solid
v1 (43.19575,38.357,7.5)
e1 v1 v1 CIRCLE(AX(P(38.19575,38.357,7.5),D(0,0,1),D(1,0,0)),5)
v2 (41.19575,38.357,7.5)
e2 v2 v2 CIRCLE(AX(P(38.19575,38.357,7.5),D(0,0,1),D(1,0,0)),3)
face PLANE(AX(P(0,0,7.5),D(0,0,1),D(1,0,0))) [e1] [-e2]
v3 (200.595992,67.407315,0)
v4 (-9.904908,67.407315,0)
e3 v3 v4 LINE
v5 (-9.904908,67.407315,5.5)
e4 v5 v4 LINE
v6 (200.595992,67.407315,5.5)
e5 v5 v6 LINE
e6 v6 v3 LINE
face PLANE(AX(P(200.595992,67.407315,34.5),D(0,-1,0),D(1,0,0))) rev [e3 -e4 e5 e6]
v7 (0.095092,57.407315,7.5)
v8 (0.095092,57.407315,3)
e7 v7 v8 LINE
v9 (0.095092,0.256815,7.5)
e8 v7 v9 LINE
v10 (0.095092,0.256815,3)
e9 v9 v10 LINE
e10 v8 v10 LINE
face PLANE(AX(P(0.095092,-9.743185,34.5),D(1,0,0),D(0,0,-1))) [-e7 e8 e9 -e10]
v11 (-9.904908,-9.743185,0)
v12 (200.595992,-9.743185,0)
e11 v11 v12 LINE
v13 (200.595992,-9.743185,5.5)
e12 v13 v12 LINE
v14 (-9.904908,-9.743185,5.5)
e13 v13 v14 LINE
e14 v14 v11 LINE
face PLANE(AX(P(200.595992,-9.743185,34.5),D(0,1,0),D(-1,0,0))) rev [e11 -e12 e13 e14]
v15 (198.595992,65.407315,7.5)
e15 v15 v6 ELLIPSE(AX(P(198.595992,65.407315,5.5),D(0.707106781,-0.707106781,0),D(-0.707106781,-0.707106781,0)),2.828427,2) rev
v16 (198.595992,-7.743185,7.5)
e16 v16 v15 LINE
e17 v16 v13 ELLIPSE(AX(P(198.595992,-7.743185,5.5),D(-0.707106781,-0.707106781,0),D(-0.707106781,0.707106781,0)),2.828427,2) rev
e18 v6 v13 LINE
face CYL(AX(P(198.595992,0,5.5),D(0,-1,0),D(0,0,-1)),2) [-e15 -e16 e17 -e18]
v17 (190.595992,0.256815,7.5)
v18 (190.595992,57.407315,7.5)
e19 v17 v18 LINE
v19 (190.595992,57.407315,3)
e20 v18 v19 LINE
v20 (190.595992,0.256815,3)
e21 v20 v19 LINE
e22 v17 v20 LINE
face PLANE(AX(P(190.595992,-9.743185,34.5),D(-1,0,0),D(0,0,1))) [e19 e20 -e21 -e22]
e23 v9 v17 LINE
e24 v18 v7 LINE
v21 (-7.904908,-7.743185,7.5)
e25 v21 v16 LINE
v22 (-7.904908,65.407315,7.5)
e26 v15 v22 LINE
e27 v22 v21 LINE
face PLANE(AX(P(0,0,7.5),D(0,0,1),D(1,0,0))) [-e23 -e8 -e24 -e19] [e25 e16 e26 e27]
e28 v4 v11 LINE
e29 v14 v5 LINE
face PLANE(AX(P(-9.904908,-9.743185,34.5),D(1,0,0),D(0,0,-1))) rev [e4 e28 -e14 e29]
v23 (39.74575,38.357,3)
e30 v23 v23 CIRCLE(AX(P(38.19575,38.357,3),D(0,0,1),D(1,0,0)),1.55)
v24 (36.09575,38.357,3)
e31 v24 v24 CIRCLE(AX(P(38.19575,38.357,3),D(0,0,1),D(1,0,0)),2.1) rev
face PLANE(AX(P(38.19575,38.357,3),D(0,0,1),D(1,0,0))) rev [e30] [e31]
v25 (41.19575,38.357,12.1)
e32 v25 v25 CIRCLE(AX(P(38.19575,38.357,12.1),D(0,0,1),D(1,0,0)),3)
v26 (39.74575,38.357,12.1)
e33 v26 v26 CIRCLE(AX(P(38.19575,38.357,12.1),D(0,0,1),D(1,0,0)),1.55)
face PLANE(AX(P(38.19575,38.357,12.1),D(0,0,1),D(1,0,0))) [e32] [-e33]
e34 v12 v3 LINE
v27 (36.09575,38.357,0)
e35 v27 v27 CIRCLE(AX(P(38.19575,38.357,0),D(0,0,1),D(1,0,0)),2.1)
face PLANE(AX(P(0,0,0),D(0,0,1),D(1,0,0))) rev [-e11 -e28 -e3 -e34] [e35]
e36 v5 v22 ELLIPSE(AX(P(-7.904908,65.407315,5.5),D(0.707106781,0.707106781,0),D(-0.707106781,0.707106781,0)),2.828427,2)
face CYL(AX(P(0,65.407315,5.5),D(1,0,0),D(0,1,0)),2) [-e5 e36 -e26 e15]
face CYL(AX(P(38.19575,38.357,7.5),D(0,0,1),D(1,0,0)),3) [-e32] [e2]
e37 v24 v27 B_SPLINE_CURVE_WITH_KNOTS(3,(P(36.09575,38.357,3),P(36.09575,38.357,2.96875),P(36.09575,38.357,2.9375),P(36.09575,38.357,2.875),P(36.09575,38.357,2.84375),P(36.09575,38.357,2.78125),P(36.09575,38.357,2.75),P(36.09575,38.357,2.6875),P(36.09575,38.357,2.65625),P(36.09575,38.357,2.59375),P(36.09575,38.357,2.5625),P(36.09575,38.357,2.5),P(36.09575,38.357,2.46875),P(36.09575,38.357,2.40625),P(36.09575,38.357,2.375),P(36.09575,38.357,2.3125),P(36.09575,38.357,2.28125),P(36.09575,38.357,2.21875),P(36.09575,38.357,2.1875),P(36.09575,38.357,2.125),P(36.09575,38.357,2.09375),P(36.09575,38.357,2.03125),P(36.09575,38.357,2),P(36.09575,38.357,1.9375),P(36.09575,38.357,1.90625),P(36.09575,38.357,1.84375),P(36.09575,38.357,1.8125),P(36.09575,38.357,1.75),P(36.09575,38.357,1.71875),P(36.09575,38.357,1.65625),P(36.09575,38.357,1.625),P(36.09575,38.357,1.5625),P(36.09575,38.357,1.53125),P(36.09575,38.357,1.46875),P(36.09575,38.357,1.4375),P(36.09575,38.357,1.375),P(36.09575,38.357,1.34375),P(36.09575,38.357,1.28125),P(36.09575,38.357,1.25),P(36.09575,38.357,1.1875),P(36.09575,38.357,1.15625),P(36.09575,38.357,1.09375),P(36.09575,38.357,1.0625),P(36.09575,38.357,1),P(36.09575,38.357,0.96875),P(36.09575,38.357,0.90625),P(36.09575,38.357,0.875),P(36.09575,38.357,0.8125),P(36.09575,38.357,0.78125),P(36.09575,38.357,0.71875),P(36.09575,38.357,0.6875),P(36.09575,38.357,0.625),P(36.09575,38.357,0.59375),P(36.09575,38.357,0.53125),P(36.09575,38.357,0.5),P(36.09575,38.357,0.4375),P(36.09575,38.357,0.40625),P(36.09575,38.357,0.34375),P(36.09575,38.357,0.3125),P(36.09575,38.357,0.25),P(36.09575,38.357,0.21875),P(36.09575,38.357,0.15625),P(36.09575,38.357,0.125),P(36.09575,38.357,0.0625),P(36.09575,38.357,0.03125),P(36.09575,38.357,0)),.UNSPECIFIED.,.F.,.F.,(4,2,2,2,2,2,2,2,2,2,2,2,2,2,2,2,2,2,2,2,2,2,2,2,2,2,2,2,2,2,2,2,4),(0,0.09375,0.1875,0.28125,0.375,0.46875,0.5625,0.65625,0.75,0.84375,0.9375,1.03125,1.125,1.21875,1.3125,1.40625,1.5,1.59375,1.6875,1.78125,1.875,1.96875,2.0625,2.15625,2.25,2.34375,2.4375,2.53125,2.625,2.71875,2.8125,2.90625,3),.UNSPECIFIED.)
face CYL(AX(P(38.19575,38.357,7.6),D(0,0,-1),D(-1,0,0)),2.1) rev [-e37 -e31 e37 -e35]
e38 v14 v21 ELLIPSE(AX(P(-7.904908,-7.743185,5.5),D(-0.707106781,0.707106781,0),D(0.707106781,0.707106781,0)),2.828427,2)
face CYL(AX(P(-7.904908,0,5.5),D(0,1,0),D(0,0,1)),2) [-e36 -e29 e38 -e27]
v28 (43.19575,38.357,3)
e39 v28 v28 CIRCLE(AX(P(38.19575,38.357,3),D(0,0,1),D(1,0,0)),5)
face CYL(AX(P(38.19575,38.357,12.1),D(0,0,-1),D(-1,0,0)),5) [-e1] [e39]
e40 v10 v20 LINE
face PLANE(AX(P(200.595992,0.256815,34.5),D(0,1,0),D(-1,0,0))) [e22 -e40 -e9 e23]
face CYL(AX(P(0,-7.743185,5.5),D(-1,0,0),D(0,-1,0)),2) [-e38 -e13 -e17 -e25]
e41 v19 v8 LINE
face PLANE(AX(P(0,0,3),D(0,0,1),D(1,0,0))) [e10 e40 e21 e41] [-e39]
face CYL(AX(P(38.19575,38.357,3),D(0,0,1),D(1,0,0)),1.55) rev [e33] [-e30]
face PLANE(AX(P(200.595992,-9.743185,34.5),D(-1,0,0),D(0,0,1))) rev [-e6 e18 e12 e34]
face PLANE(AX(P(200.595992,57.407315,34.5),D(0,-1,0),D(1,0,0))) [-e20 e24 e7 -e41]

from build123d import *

# Parameters (mm, degrees)
SKETCH_2_W                 = 210.5009
SKETCH_2_H                 = 77.1505
EXTRUDE_1_DEPTH            = 34.5
SHELL_1_T                  = -10
SHELL_1_THICKNESS_2_FACE_W = 190.5009
SHELL_1_THICKNESS_2_FACE_H = 57.1505
SHELL_1_THICKNESS_2_DEPTH  = 7
SKETCH_3_R                 = 2.1
CUT_EXTRUDE_8_DEPTH        = 7.6
SKETCH_4_R                 = 5
EXTRUDE_2_DEPTH            = 9.1
SKETCH_6_R                 = 1.55
CUT_EXTRUDE_9_DEPTH        = 9.1
CUT_EXTRUDE_START          = 12.1
SKETCH_10_OUTSIDE_W        = 257.867
SKETCH_10_OUTSIDE_H        = 124.516
SKETCH_10_OUTSIDE_R        = 3
CUT_EXTRUDE_16_DEPTH       = 4.6
FILLET_1_R                 = 2


with BuildPart() as part:
    # 草图2 → 凸台-拉伸1 (new body)
    with BuildSketch(Plane.XY):
        with Locations((95.3455423, 28.832065)):
            Rectangle(SKETCH_2_W, SKETCH_2_H)
    extrude(amount=EXTRUDE_1_DEPTH)

    # 抽壳1
    shell_1_openings = [part.faces().sort_by_distance(p)[0] for p in [
        (95.3455423, 28.832065, 34.5),
    ]]
    offset(amount=SHELL_1_T, openings=shell_1_openings, kind=Kind.INTERSECTION)

    # 抽壳1 thickness 2 face (on inner face of the shell) → 抽壳1 thickness 2 (cut)
    with BuildSketch(Plane(origin=(95.3455423, 28.832065, 10), x_dir=(-1, 0, 0), z_dir=(0, 0, -1))):
        Rectangle(SHELL_1_THICKNESS_2_FACE_W, SHELL_1_THICKNESS_2_FACE_H)
    extrude(amount=SHELL_1_THICKNESS_2_DEPTH, mode=Mode.SUBTRACT)

    # 草图3 → 切除-拉伸8 (cut)
    with BuildSketch(Plane.XY):
        with Locations(Location((38.19575, 38.357, 0), (0, 0, 180))):
            Circle(SKETCH_3_R)
    extrude(amount=CUT_EXTRUDE_8_DEPTH, mode=Mode.SUBTRACT)

    # 草图4 → 凸台-拉伸2 (add)
    with BuildSketch(Plane.XY.offset(3)):
        with Locations((38.19575, 38.357)):
            Circle(SKETCH_4_R)
    extrude(amount=EXTRUDE_2_DEPTH)

    # 草图6 → 切除-拉伸9 (cut)
    with BuildSketch(Plane.XY.offset(12.1)):
        with Locations((38.19575, 38.357)):
            Circle(SKETCH_6_R)
    extrude(amount=-CUT_EXTRUDE_9_DEPTH, mode=Mode.SUBTRACT)

    # 草图10 outside → 切除-拉伸16 (cut)
    with BuildSketch(Plane.XY.offset(CUT_EXTRUDE_START)):
        with Locations((95.3455, 28.832)):
            Rectangle(SKETCH_10_OUTSIDE_W, SKETCH_10_OUTSIDE_H)
        with Locations((38.19575, 38.357)):
            Circle(SKETCH_10_OUTSIDE_R, mode=Mode.SUBTRACT)
    extrude(amount=-CUT_EXTRUDE_16_DEPTH, mode=Mode.SUBTRACT)


with BuildPart() as cut_extrude_16_kept_piece:
    # of the separate pieces the step leaves, the one the design keeps (cut_extrude_16_pieces_kept)
    add(part.part.solids().sort_by_distance((200.5959923, -9.743185, 0))[0])

    # 圆角1
    fillet_1_edges = [cut_extrude_16_kept_piece.edges().sort_by_distance(p)[0] for p in [
        (-9.9049077, 28.832065, 7.5),
        (95.3455423, -9.743185, 7.5),
        (200.5959923, 28.832065, 7.5),
        (95.3455423, 67.407315, 7.5),
    ]]
    fillet(fillet_1_edges, radius=FILLET_1_R)


solid = cut_extrude_16_kept_piece.part
